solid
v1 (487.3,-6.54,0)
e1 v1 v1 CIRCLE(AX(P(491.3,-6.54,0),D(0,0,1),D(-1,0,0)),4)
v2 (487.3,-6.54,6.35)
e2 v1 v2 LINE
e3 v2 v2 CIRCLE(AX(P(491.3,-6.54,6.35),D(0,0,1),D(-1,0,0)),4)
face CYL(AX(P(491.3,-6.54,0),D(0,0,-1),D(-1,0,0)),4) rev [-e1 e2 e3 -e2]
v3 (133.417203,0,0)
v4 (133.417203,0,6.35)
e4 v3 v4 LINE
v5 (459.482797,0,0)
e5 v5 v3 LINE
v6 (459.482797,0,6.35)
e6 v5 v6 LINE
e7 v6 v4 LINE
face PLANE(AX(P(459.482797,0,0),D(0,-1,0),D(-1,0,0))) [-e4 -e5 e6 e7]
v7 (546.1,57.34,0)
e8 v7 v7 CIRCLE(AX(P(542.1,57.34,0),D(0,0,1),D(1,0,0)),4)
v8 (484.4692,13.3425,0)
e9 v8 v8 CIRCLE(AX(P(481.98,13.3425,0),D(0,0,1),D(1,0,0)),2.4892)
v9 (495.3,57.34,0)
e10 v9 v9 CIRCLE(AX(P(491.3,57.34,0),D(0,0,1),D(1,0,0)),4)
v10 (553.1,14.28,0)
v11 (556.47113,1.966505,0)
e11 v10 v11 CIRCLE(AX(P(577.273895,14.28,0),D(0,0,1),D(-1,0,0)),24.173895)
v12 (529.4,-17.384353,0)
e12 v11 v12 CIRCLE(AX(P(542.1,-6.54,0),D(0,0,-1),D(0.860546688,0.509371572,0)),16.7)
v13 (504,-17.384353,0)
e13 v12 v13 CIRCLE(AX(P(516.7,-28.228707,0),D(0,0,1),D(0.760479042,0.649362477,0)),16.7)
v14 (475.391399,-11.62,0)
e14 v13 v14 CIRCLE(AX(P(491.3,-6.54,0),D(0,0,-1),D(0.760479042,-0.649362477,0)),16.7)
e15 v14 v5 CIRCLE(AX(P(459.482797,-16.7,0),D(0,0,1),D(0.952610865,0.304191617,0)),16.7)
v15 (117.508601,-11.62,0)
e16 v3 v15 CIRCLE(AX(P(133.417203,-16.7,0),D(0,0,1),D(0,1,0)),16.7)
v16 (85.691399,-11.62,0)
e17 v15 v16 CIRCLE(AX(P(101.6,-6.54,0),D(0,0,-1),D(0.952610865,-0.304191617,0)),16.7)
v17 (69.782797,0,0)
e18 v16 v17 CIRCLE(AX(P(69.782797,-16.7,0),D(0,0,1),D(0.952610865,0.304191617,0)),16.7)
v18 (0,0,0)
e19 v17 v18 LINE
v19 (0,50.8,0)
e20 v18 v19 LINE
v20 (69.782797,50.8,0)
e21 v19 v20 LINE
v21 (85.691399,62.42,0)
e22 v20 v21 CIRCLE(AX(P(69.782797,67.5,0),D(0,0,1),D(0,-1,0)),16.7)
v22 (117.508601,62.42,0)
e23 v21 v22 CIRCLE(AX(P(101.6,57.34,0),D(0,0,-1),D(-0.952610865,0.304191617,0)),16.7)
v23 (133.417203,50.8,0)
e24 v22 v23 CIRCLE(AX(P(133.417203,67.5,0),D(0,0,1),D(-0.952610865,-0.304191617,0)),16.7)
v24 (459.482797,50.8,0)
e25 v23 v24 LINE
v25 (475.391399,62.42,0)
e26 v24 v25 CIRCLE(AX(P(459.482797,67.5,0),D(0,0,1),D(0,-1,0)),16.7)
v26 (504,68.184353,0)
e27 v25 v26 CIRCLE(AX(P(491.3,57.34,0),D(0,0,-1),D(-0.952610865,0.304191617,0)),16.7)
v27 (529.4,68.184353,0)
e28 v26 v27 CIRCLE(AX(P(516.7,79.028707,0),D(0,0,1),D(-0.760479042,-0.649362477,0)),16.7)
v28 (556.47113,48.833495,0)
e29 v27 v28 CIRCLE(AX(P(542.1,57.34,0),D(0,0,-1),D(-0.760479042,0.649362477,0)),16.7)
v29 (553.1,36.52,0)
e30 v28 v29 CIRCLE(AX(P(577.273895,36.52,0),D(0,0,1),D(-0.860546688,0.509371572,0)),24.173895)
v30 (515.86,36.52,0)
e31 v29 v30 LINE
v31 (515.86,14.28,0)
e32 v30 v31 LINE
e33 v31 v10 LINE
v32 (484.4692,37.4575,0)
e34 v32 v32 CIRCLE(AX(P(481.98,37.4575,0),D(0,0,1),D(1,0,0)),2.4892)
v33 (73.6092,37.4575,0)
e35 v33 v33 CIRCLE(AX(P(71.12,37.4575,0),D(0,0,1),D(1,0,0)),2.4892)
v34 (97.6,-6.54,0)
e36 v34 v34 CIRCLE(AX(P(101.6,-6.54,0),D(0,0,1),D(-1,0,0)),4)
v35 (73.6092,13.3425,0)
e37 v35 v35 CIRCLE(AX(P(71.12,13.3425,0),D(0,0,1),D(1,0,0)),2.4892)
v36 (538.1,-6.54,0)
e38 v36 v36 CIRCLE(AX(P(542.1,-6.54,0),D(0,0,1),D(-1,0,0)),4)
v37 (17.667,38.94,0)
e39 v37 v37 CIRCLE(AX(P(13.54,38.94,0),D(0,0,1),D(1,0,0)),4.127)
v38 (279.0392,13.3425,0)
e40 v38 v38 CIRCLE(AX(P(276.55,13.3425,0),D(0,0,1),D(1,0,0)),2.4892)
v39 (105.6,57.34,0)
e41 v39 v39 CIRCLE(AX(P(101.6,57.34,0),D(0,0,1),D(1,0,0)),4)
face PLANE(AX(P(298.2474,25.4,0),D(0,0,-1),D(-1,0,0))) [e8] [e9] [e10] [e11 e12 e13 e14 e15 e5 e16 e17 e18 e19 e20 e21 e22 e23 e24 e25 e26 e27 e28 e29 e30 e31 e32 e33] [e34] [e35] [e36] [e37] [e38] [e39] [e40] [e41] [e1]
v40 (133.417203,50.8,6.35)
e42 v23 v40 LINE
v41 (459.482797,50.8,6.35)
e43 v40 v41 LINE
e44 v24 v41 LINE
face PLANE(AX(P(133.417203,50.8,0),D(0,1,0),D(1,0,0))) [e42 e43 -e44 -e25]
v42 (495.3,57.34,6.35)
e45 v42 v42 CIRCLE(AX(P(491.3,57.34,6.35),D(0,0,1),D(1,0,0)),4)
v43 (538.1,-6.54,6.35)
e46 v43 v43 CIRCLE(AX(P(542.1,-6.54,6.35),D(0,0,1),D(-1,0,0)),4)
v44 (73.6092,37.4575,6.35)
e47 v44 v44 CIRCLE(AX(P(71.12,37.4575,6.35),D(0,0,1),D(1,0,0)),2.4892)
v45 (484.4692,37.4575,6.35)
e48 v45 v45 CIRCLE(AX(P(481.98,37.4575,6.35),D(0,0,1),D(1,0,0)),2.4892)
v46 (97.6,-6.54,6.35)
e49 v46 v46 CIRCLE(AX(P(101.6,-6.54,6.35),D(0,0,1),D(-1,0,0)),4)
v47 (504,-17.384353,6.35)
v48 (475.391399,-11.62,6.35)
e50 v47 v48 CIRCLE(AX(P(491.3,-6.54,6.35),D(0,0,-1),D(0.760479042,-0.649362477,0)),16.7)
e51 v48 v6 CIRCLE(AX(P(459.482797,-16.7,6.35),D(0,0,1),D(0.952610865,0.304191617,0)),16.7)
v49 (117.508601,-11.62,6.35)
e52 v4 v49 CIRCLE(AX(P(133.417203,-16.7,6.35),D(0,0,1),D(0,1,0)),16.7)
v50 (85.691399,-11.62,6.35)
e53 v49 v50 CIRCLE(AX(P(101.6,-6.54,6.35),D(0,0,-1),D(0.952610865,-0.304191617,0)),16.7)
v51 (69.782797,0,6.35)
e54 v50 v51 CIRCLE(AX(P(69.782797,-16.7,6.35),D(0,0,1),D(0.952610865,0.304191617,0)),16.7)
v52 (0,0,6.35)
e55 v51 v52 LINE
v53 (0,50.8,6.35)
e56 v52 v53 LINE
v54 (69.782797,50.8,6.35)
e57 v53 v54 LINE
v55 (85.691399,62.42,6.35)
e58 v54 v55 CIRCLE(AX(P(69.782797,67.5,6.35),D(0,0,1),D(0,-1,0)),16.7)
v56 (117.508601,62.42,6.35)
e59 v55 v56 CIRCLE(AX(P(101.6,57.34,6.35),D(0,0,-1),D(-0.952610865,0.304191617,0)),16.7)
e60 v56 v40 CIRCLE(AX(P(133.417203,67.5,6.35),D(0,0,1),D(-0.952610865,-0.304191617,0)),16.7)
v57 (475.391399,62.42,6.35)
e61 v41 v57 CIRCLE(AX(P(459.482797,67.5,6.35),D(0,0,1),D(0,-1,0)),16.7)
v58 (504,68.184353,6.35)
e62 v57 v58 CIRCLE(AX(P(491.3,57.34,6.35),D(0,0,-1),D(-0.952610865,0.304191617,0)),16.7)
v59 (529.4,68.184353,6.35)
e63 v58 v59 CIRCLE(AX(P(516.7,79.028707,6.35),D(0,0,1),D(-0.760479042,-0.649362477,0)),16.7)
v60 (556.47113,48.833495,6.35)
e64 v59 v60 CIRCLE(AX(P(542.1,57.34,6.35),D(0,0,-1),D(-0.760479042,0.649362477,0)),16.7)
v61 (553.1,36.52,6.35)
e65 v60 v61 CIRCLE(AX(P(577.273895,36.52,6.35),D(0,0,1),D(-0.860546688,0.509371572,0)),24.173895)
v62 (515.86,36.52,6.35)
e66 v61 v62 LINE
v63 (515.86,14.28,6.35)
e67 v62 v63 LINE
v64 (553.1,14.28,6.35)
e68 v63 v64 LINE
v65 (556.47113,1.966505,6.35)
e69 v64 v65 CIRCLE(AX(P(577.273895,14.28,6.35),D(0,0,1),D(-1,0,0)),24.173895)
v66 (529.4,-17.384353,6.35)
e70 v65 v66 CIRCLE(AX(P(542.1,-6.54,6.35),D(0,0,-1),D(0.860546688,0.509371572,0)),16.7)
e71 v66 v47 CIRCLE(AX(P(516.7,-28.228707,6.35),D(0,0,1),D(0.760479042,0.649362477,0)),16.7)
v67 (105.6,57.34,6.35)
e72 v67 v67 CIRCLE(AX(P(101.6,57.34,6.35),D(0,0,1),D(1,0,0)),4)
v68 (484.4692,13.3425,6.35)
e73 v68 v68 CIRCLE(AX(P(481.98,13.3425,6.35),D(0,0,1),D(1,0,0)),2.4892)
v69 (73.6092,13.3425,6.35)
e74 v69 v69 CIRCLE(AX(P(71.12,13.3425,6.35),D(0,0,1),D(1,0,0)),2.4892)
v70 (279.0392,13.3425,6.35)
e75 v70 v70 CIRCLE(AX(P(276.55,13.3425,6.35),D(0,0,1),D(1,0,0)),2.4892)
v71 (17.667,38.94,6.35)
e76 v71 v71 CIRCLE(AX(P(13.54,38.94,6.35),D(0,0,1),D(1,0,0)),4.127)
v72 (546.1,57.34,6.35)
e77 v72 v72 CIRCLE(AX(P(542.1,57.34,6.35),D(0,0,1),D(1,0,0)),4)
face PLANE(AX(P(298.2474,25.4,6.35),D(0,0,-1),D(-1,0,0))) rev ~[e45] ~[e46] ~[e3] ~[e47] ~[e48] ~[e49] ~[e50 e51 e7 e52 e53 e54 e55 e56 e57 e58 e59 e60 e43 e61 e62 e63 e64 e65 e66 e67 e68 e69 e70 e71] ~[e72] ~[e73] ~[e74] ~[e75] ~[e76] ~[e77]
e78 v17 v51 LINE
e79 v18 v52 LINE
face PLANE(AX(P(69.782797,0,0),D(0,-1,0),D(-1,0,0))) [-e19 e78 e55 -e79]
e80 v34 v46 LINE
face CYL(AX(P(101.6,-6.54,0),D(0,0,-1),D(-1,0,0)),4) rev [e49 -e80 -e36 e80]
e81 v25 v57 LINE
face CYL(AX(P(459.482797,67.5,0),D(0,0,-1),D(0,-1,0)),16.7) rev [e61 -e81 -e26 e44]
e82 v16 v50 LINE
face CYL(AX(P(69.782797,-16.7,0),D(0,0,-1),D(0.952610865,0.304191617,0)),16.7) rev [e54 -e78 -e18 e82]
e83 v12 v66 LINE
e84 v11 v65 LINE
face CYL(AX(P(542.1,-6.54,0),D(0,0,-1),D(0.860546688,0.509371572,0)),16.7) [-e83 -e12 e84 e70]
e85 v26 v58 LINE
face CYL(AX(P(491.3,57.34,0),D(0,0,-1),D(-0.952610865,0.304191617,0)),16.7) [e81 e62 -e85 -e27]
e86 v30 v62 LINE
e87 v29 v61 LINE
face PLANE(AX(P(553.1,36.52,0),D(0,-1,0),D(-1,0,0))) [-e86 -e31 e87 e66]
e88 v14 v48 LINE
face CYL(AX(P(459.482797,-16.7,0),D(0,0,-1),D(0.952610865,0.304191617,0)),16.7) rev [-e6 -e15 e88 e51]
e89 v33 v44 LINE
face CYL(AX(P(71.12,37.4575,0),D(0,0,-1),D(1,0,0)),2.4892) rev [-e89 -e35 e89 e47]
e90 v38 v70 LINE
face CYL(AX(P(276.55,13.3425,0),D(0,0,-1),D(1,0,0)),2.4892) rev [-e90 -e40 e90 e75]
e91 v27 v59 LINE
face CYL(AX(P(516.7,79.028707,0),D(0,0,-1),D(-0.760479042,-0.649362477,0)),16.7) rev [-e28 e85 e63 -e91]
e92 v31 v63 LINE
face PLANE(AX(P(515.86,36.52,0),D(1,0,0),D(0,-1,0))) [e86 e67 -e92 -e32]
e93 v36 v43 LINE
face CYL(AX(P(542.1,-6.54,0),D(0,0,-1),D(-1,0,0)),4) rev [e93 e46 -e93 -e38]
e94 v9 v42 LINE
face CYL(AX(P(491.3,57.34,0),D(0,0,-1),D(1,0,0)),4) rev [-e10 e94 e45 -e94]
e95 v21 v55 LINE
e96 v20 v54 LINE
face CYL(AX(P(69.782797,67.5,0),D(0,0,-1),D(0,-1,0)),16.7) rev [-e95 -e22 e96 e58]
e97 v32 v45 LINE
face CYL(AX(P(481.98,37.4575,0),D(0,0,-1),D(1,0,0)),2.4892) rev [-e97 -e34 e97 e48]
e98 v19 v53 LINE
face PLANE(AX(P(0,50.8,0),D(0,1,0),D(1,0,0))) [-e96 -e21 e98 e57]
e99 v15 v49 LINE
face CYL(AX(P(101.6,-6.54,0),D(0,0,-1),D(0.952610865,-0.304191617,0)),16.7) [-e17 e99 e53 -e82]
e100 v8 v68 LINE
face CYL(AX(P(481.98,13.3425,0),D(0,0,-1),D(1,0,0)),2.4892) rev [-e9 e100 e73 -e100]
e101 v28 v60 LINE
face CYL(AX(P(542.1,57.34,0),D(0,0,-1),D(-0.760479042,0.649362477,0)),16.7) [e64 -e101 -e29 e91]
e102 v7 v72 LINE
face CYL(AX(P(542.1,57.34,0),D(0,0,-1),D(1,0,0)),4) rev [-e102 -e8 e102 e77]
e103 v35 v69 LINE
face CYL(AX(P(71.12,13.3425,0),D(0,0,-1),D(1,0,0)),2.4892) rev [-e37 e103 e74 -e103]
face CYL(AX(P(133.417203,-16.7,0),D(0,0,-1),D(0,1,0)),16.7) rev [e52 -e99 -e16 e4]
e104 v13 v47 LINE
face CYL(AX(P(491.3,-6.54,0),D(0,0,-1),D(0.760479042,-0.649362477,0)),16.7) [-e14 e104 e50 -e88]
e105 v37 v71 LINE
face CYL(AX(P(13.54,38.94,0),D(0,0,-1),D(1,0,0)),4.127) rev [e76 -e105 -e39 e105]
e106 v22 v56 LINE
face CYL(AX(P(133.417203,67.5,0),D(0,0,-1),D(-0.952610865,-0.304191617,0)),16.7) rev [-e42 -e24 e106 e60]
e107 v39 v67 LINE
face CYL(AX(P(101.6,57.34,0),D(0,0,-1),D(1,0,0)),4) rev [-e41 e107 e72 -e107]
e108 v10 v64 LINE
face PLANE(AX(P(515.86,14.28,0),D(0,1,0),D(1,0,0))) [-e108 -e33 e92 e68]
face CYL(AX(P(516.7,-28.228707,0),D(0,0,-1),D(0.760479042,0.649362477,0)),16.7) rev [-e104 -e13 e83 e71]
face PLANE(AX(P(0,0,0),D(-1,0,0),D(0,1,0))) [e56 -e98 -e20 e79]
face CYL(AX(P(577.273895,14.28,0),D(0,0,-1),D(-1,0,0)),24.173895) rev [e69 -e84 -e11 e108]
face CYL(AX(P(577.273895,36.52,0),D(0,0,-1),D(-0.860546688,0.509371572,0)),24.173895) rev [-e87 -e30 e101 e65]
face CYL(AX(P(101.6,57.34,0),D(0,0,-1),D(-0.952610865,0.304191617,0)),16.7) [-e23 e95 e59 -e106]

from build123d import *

# Parameters (mm, degrees)
SKETCH1_R           = 4.127
SKETCH1_R_2         = 4
SKETCH1_R_3         = 2.4892
BOSS_EXTRUDE1_DEPTH = 6.35


with BuildPart() as part:
    # Sketch1 → Boss-Extrude1 (new body)
    with BuildSketch(Plane.XY):
        with BuildLine():
            Line((0, 50.8), (69.782797106, 50.8))
            ThreePointArc((69.782797106, 50.8), (79.63302553, 54.01434095), (85.691398553, 62.42))
            ThreePointArc((85.691398553, 62.42), (101.6, 74.04), (117.508601447, 62.42))
            ThreePointArc((117.508601447, 62.42), (123.56697447, 54.01434095), (133.417202894, 50.8))
            Line((133.417202894, 50.8), (459.482797106, 50.8))
            ThreePointArc((459.482797106, 50.8), (469.33302553, 54.01434095), (475.391398553, 62.42))
            ThreePointArc((475.391398553, 62.42), (488.001405867, 73.710988875), (504, 68.184353369))
            ThreePointArc((504, 68.184353369), (516.7, 62.328706739), (529.4, 68.184353369))
            ThreePointArc((529.4, 68.184353369), (551.811441752, 70.92594491), (556.471129688, 48.833494754))
            ThreePointArc((556.471129688, 48.833494754), (553.958009173, 42.90331161), (553.1, 36.52))
            Line((553.1, 36.52), (515.860000058, 36.52))
            Line((515.860000058, 36.52), (515.860000058, 14.28))
            Line((515.860000058, 14.28), (553.1, 14.28))
            ThreePointArc((553.1, 14.28), (553.958009173, 7.89668839), (556.471129688, 1.966505246))
            ThreePointArc((556.471129688, 1.966505246), (551.811441752, -20.12594491), (529.4, -17.384353369))
            ThreePointArc((529.4, -17.384353369), (516.7, -11.528706739), (504, -17.384353369))
            ThreePointArc((504, -17.384353369), (488.001405867, -22.910988875), (475.391398553, -11.62))
            ThreePointArc((475.391398553, -11.62), (469.33302553, -3.21434095), (459.482797106, 0))
            Line((459.482797106, 0), (133.417202894, 0))
            ThreePointArc((133.417202894, 0), (123.56697447, -3.21434095), (117.508601447, -11.62))
            ThreePointArc((117.508601447, -11.62), (101.6, -23.24), (85.691398553, -11.62))
            ThreePointArc((85.691398553, -11.62), (79.63302553, -3.21434095), (69.782797106, 0))
            Line((69.782797106, 0), (0, 0))
            Line((0, 0), (0, 50.8))
        make_face()
        with Locations((13.54, 38.94)):
            Circle(SKETCH1_R, mode=Mode.SUBTRACT)
        with Locations(Location((101.6, -6.54, 0), (0, 0, 180))):
            Circle(SKETCH1_R_2, mode=Mode.SUBTRACT)
        with Locations((481.98, 13.3425)):
            Circle(SKETCH1_R_3, mode=Mode.SUBTRACT)
        with Locations((481.98, 37.4575)):
            Circle(SKETCH1_R_3, mode=Mode.SUBTRACT)
        with Locations((276.55, 13.3425)):
            Circle(SKETCH1_R_3, mode=Mode.SUBTRACT)
        with Locations((71.12, 13.3425)):
            Circle(SKETCH1_R_3, mode=Mode.SUBTRACT)
        with Locations((71.12, 37.4575)):
            Circle(SKETCH1_R_3, mode=Mode.SUBTRACT)
        with Locations((101.6, 57.34)):
            Circle(SKETCH1_R_2, mode=Mode.SUBTRACT)
        with Locations((491.3, 57.34)):
            Circle(SKETCH1_R_2, mode=Mode.SUBTRACT)
        with Locations((542.1, 57.34)):
            Circle(SKETCH1_R_2, mode=Mode.SUBTRACT)
        with Locations(Location((542.1, -6.54, 0), (0, 0, 180))):
            Circle(SKETCH1_R_2, mode=Mode.SUBTRACT)
        with Locations(Location((491.3, -6.54, 0), (0, 0, 180))):
            Circle(SKETCH1_R_2, mode=Mode.SUBTRACT)
    extrude(amount=BOSS_EXTRUDE1_DEPTH)


solid = part.part
